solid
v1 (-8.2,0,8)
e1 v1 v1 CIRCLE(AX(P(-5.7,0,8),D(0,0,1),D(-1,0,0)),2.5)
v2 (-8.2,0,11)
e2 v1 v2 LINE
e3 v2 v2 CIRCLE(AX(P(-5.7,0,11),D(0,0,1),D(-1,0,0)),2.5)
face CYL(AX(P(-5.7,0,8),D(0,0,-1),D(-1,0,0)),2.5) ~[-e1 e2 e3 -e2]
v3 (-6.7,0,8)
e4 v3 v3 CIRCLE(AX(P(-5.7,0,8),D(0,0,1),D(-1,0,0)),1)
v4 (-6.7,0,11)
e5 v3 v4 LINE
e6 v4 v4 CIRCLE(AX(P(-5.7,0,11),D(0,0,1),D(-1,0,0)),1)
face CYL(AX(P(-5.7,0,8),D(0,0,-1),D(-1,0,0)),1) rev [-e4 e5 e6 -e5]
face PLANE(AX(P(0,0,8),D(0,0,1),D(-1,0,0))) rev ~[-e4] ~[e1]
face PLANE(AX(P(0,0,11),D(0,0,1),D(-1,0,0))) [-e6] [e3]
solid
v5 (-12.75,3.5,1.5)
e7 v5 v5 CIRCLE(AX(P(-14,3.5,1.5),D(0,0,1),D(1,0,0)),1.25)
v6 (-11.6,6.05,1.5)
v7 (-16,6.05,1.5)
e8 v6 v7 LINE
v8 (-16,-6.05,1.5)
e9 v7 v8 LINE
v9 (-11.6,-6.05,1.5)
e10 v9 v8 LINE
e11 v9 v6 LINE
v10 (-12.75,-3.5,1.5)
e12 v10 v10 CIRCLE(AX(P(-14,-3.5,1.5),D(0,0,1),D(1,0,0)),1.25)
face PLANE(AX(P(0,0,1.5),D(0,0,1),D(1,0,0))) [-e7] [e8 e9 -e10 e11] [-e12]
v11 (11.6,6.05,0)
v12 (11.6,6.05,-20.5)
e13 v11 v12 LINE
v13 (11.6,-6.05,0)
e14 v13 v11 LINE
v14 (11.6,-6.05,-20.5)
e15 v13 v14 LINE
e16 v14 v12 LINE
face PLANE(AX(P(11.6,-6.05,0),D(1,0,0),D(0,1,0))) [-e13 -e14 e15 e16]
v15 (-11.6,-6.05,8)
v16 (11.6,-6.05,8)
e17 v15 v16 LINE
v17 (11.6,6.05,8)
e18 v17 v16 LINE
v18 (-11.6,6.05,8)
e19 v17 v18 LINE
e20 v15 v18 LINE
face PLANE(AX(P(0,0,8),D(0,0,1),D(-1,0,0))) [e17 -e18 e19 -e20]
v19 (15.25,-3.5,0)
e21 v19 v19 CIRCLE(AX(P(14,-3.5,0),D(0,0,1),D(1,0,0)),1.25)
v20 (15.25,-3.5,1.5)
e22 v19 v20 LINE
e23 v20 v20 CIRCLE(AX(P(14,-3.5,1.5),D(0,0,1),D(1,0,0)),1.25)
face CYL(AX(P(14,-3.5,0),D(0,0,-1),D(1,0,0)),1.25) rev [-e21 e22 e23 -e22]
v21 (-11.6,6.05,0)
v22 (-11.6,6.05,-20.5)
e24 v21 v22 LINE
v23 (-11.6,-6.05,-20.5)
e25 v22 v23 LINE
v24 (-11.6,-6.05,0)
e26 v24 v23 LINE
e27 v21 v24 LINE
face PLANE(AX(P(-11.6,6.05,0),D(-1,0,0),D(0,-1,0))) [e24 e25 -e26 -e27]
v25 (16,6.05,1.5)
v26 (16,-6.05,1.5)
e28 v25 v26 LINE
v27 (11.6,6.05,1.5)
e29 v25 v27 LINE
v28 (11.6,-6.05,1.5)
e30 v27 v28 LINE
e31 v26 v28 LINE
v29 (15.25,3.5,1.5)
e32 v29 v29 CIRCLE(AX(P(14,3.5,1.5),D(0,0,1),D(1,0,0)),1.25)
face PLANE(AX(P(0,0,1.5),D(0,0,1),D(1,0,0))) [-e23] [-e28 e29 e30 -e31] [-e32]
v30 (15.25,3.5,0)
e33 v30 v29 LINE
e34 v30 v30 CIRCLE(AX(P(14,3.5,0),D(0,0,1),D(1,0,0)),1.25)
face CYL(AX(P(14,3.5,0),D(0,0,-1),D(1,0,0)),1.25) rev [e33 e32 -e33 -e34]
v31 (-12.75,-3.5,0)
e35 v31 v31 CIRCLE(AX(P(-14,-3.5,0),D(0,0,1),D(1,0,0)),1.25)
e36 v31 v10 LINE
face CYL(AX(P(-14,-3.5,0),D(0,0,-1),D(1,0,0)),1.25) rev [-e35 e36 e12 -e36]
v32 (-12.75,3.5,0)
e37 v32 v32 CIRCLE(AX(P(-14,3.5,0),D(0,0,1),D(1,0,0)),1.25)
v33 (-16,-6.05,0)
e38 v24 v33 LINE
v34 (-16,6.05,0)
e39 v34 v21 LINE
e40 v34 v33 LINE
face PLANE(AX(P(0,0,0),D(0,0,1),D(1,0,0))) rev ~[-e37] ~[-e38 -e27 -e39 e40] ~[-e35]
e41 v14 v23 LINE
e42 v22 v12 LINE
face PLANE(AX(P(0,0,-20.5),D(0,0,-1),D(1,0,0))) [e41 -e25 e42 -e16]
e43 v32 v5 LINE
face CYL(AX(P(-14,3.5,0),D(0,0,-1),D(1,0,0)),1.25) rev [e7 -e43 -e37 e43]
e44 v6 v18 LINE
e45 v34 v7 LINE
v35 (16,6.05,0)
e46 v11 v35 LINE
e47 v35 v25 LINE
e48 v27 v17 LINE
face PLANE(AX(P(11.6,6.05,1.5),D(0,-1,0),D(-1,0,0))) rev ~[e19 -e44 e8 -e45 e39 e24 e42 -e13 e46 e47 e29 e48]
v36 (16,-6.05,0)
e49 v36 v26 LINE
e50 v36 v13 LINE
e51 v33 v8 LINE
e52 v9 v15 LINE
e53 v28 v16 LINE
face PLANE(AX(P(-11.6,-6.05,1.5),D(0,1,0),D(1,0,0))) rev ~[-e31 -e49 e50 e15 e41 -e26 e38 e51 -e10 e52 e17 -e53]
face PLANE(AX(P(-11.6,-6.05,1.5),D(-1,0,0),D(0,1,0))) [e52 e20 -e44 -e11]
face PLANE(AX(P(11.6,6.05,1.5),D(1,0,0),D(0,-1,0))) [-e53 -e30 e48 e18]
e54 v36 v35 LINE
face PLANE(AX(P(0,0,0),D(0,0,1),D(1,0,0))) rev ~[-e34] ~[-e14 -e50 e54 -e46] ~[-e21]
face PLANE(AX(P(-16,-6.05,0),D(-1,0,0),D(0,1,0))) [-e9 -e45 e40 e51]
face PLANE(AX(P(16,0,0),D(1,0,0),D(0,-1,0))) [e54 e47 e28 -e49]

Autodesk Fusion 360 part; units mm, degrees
sketch "草图1" plane through (0, 0, 0) normal (0, 0, 1) x (1, 0, 0)
  line L0 (16, -6.05) -> (-16, -6.05)
  line L1 (-16, -6.05) -> (-16, 6.05)
  line L2 (-16, 6.05) -> (16, 6.05)
  line L3 (16, 6.05) -> (16, -6.05)
  line L4 (16, -6.05) -> (-16, 6.05) construction
  line L5 (-16, -6.05) -> (16, 6.05) construction
  line L6 (-18, 0) -> (25, 0)
  line L7 (0, 20) -> (0, -24)
  circle A0 centre (-14, 3.5) radius 1.25
  circle A1 centre (14, 3.5) radius 1.25
  circle A2 centre (-14, -3.5) radius 1.25
  circle A3 centre (14, -3.5) radius 1.25
  dimension "d1" = 12.1
  dimension "d2" = 32
  dimension "d4" = 2.5
  dimension "d5" = 28
  dimension "d6" = 7
extrude "拉伸1" add sketch "草图1" along normal blind 1.5 makes body 1
sketch "草图2" plane through (0, 0, 0) normal (0, 0, -1) x (1, 0, 0)
  circle A0 centre (14, -3.5) radius 1.25
  circle A1 centre (-14, -3.5) radius 1.25
  circle A2 centre (-14, 3.5) radius 1.25
  circle A3 centre (14, 3.5) radius 1.25
  line L0 (-16, -6.05) -> (16, -6.05)
  line L1 (16, -6.05) -> (16, 6.05)
  line L2 (16, 6.05) -> (-16, 6.05)
  line L3 (-16, 6.05) -> (-16, -6.05)
  line L4 (11.6, -6.05) -> (-11.6, -6.05)
  line L5 (-11.6, -6.05) -> (-11.6, 6.05)
  line L6 (-11.6, 6.05) -> (11.6, 6.05)
  line L7 (11.6, 6.05) -> (11.6, -6.05)
  line L8 (11.6, -6.05) -> (-11.6, 6.05) construction
  line L9 (-11.6, -6.05) -> (11.6, 6.05) construction
  dimension "d9" = 23.2
  dimension "d10" = 12.1
extrude "拉伸2" add sketch "草图2" along normal blind 20.5 contours L0 L2 L4 L5 L6 L7 bodies 1
sketch "草图3" plane through (0, 0, 1.5) normal (0, 0, 1) x (-1, 0, 0)
  circle A0 centre (14, 3.5) radius 1.25
  circle A1 centre (-14, 3.5) radius 1.25
  circle A2 centre (-14, -3.5) radius 1.25
  circle A3 centre (14, -3.5) radius 1.25
  line L0 (-16, -6.05) -> (16, -6.05)
  line L1 (16, -6.05) -> (16, 6.05)
  line L2 (16, 6.05) -> (-16, 6.05)
  line L3 (-16, 6.05) -> (-16, -6.05)
  line L4 (-11.6, 6.05) -> (11.6, 6.05)
  line L5 (11.6, 6.05) -> (11.6, -6.05)
  line L6 (11.6, -6.05) -> (-11.6, -6.05)
  line L7 (-11.6, -6.05) -> (-11.6, 6.05)
  line L8 (-11.6, 6.05) -> (11.6, -6.05) construction
  line L9 (11.6, 6.05) -> (-11.6, -6.05) construction
  dimension "d13" = 23.2
  dimension "d14" = 12.1
extrude "拉伸3" add sketch "草图3" along normal blind 6.5 contours L0 L2 L4 L5 L6 L7 bodies 1
sketch "草图4" plane through (0, 0, 8) normal (0, 0, 1) x (-1, 0, 0)
  line L0 (-11.6, -6.05) -> (11.6, -6.05)
  line L1 (11.6, -6.05) -> (11.6, 6.05)
  line L2 (11.6, 6.05) -> (-11.6, 6.05)
  line L3 (-11.6, 6.05) -> (-11.6, -6.05)
  line L4 (11.6, 6.05) -> (11.6, -6.05)
  line L5 (11.6, -6.05) -> (16, -6.05)
  line L6 (16, -6.05) -> (16, 6.05)
  line L7 (16, 6.05) -> (11.6, 6.05)
  circle A0 centre (14, -3.5) radius 1.25
  circle A1 centre (14, 3.5) radius 1.25
  line L8 (-11.6, -6.05) -> (-11.6, 6.05)
  line L9 (-11.6, 6.05) -> (-16, 6.05)
  line L10 (-16, 6.05) -> (-16, -6.05)
  line L11 (-16, -6.05) -> (-11.6, -6.05)
  circle A2 centre (-14, 3.5) radius 1.25
  circle A3 centre (-14, -3.5) radius 1.25
  circle A4 centre (5.7, 0) radius 2.5
  circle A5 centre (5.7, 0) radius 1
  dimension "d17" = 5
  dimension "d18" = 8.3
  dimension "d19" = 2
extrude "拉伸4" add sketch "草图4" along normal blind 3 separate body contours A4 makes body 2
